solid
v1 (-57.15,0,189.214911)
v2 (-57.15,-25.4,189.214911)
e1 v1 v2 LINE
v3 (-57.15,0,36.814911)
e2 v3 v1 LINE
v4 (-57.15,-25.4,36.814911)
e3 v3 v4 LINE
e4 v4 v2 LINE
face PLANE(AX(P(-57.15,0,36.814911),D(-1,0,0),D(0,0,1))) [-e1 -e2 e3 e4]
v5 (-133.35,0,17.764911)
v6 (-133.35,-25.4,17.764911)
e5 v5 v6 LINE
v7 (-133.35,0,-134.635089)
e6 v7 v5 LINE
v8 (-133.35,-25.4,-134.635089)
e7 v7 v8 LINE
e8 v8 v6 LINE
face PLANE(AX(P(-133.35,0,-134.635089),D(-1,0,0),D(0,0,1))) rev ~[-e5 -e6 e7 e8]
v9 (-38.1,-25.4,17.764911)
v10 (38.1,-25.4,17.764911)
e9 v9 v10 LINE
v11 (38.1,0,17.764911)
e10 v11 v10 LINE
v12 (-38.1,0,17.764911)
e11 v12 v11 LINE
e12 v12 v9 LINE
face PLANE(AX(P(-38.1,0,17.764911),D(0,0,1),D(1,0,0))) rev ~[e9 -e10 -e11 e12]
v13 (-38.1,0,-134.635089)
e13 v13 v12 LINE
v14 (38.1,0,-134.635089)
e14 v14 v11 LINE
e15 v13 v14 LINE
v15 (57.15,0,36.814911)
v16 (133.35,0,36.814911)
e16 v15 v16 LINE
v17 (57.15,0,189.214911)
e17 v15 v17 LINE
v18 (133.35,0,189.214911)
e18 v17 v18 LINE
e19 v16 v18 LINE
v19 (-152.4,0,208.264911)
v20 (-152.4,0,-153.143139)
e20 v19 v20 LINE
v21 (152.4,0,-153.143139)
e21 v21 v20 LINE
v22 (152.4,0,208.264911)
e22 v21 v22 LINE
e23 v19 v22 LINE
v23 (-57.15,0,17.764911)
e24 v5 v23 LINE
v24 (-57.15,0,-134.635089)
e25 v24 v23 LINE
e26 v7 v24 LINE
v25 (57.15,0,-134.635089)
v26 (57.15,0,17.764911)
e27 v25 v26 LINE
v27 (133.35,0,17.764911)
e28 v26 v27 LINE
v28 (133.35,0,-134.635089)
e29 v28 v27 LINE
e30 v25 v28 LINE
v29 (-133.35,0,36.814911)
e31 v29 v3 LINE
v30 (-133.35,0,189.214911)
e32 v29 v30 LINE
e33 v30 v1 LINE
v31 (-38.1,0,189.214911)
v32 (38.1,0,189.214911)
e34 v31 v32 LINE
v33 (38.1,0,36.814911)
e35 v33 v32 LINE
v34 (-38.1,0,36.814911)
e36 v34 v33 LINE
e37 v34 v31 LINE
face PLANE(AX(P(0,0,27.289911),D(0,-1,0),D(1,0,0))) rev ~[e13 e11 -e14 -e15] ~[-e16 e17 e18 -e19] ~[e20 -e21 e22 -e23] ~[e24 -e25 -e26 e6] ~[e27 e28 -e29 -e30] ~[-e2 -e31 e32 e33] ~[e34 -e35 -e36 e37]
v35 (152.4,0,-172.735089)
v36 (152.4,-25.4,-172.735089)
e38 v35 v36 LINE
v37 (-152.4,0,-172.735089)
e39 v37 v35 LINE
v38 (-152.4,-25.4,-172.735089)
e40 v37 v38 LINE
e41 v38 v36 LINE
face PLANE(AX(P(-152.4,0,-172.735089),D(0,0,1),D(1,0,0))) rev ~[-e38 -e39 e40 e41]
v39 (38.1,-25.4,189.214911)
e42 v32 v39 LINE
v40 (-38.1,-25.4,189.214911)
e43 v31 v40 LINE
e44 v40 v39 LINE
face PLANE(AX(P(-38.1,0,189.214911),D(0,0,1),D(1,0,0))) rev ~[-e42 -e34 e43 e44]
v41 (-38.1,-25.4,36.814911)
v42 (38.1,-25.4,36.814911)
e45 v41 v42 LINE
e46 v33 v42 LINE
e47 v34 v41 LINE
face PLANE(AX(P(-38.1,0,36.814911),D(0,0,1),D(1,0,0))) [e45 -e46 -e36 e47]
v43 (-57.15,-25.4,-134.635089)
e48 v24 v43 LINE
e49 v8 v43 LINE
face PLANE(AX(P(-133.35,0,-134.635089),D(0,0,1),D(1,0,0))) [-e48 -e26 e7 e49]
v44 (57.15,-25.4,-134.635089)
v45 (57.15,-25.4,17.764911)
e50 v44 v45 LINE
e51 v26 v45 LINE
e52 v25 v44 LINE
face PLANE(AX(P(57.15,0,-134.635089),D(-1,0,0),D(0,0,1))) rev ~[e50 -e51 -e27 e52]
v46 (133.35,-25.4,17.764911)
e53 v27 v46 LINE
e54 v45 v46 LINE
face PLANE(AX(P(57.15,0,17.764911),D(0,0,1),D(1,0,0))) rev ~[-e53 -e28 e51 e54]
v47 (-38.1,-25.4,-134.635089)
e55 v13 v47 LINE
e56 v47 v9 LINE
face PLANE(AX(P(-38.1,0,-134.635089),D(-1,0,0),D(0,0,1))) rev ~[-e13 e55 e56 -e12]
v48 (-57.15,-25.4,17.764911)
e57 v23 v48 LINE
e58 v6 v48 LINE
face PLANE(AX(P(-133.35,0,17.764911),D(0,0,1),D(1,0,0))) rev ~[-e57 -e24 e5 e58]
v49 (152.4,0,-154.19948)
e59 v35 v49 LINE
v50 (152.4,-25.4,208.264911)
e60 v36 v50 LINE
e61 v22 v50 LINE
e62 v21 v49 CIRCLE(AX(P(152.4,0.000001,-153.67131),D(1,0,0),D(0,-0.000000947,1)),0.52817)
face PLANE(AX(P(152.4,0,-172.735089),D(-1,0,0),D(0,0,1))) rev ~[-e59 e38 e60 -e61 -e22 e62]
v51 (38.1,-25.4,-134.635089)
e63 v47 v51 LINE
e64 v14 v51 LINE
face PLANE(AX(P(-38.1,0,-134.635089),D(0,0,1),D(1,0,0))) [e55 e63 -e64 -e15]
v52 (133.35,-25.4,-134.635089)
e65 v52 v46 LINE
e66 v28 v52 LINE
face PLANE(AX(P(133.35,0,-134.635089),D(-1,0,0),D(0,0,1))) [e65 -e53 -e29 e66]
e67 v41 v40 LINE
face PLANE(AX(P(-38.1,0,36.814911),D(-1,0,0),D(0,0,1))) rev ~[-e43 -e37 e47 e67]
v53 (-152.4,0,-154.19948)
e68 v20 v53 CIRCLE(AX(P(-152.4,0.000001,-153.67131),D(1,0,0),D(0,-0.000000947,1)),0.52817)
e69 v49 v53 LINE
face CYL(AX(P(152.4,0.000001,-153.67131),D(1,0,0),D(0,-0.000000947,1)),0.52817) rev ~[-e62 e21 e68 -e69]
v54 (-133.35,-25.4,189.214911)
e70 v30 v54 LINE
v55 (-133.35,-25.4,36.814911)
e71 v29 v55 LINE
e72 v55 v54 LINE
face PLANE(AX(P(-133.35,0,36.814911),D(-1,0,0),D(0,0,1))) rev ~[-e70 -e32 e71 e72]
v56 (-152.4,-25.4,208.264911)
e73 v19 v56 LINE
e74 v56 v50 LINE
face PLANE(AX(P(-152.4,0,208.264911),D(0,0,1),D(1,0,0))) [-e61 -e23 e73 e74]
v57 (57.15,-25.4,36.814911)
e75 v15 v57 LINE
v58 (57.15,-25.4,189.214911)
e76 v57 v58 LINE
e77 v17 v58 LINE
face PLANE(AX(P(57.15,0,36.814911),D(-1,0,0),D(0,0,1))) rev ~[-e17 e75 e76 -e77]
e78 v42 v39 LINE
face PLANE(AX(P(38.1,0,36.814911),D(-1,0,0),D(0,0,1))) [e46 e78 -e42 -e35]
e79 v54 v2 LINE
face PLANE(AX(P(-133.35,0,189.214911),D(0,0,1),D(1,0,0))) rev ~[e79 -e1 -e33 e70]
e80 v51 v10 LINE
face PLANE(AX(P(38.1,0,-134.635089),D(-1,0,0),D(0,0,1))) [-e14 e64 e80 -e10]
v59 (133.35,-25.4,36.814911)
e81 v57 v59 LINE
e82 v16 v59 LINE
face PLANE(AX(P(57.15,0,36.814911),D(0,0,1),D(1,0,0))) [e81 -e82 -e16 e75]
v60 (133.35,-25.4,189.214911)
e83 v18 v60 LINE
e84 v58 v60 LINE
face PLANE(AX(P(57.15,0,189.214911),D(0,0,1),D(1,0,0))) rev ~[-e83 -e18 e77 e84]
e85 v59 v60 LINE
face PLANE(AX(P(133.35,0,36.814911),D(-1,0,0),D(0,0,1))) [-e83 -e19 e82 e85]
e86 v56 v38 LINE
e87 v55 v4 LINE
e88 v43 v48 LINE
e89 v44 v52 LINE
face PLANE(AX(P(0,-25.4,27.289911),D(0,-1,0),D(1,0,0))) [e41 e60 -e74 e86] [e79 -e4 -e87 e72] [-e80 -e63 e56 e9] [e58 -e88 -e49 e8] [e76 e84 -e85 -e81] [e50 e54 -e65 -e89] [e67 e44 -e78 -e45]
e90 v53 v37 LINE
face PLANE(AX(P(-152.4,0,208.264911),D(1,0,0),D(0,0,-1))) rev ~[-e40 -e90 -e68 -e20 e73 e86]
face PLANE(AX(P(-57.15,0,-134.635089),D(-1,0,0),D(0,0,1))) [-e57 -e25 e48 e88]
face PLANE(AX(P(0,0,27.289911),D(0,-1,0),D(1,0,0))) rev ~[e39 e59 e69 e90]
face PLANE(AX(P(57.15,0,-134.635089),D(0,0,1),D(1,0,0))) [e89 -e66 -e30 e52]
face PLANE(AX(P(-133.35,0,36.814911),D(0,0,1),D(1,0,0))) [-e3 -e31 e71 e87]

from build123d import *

# Parameters (mm, degrees)
F0_W     = 304.8
F0_H     = 361.95
F0_W_2   = 76.2
F0_H_2   = 152.4
F0_H_3   = 19.05
F1_DEPTH = 25.4
F3_DEPTH = 304.801


with BuildPart() as f1:
    # F0 (on Front) → F1 (new body)
    with BuildSketch(Plane.XZ):
        with Locations((0, 27.289911)):
            Rectangle(F0_W, F0_H)
        with Locations((-95.25, -58.435089)):
            Rectangle(F0_W_2, F0_H_2, mode=Mode.SUBTRACT)
        with Locations((0, -58.435089)):
            Rectangle(F0_W_2, F0_H_2, mode=Mode.SUBTRACT)
        with Locations((95.25, -58.435089)):
            Rectangle(F0_W_2, F0_H_2, mode=Mode.SUBTRACT)
        with Locations((-95.25, 113.014911)):
            Rectangle(F0_W_2, F0_H_2, mode=Mode.SUBTRACT)
        with Locations((0, 113.014911)):
            Rectangle(F0_W_2, F0_H_2, mode=Mode.SUBTRACT)
        with Locations((95.25, 113.014911)):
            Rectangle(F0_W_2, F0_H_2, mode=Mode.SUBTRACT)
        with Locations((0, -163.210089)):
            Rectangle(F0_W, F0_H_3)
    extrude(amount=F1_DEPTH)

    # F2 (on face) → F3 (cut, through all)
    with BuildSketch(Plane.YZ.offset(152.4)):
        with BuildLine():
            Line((0, -154.19948), (0, -153.143139))
            ThreePointArc((0, -153.143139), (-0.52817, -153.671309), (0, -154.19948))
        make_face()
    extrude(amount=-F3_DEPTH, mode=Mode.SUBTRACT)


solid = f1.part
